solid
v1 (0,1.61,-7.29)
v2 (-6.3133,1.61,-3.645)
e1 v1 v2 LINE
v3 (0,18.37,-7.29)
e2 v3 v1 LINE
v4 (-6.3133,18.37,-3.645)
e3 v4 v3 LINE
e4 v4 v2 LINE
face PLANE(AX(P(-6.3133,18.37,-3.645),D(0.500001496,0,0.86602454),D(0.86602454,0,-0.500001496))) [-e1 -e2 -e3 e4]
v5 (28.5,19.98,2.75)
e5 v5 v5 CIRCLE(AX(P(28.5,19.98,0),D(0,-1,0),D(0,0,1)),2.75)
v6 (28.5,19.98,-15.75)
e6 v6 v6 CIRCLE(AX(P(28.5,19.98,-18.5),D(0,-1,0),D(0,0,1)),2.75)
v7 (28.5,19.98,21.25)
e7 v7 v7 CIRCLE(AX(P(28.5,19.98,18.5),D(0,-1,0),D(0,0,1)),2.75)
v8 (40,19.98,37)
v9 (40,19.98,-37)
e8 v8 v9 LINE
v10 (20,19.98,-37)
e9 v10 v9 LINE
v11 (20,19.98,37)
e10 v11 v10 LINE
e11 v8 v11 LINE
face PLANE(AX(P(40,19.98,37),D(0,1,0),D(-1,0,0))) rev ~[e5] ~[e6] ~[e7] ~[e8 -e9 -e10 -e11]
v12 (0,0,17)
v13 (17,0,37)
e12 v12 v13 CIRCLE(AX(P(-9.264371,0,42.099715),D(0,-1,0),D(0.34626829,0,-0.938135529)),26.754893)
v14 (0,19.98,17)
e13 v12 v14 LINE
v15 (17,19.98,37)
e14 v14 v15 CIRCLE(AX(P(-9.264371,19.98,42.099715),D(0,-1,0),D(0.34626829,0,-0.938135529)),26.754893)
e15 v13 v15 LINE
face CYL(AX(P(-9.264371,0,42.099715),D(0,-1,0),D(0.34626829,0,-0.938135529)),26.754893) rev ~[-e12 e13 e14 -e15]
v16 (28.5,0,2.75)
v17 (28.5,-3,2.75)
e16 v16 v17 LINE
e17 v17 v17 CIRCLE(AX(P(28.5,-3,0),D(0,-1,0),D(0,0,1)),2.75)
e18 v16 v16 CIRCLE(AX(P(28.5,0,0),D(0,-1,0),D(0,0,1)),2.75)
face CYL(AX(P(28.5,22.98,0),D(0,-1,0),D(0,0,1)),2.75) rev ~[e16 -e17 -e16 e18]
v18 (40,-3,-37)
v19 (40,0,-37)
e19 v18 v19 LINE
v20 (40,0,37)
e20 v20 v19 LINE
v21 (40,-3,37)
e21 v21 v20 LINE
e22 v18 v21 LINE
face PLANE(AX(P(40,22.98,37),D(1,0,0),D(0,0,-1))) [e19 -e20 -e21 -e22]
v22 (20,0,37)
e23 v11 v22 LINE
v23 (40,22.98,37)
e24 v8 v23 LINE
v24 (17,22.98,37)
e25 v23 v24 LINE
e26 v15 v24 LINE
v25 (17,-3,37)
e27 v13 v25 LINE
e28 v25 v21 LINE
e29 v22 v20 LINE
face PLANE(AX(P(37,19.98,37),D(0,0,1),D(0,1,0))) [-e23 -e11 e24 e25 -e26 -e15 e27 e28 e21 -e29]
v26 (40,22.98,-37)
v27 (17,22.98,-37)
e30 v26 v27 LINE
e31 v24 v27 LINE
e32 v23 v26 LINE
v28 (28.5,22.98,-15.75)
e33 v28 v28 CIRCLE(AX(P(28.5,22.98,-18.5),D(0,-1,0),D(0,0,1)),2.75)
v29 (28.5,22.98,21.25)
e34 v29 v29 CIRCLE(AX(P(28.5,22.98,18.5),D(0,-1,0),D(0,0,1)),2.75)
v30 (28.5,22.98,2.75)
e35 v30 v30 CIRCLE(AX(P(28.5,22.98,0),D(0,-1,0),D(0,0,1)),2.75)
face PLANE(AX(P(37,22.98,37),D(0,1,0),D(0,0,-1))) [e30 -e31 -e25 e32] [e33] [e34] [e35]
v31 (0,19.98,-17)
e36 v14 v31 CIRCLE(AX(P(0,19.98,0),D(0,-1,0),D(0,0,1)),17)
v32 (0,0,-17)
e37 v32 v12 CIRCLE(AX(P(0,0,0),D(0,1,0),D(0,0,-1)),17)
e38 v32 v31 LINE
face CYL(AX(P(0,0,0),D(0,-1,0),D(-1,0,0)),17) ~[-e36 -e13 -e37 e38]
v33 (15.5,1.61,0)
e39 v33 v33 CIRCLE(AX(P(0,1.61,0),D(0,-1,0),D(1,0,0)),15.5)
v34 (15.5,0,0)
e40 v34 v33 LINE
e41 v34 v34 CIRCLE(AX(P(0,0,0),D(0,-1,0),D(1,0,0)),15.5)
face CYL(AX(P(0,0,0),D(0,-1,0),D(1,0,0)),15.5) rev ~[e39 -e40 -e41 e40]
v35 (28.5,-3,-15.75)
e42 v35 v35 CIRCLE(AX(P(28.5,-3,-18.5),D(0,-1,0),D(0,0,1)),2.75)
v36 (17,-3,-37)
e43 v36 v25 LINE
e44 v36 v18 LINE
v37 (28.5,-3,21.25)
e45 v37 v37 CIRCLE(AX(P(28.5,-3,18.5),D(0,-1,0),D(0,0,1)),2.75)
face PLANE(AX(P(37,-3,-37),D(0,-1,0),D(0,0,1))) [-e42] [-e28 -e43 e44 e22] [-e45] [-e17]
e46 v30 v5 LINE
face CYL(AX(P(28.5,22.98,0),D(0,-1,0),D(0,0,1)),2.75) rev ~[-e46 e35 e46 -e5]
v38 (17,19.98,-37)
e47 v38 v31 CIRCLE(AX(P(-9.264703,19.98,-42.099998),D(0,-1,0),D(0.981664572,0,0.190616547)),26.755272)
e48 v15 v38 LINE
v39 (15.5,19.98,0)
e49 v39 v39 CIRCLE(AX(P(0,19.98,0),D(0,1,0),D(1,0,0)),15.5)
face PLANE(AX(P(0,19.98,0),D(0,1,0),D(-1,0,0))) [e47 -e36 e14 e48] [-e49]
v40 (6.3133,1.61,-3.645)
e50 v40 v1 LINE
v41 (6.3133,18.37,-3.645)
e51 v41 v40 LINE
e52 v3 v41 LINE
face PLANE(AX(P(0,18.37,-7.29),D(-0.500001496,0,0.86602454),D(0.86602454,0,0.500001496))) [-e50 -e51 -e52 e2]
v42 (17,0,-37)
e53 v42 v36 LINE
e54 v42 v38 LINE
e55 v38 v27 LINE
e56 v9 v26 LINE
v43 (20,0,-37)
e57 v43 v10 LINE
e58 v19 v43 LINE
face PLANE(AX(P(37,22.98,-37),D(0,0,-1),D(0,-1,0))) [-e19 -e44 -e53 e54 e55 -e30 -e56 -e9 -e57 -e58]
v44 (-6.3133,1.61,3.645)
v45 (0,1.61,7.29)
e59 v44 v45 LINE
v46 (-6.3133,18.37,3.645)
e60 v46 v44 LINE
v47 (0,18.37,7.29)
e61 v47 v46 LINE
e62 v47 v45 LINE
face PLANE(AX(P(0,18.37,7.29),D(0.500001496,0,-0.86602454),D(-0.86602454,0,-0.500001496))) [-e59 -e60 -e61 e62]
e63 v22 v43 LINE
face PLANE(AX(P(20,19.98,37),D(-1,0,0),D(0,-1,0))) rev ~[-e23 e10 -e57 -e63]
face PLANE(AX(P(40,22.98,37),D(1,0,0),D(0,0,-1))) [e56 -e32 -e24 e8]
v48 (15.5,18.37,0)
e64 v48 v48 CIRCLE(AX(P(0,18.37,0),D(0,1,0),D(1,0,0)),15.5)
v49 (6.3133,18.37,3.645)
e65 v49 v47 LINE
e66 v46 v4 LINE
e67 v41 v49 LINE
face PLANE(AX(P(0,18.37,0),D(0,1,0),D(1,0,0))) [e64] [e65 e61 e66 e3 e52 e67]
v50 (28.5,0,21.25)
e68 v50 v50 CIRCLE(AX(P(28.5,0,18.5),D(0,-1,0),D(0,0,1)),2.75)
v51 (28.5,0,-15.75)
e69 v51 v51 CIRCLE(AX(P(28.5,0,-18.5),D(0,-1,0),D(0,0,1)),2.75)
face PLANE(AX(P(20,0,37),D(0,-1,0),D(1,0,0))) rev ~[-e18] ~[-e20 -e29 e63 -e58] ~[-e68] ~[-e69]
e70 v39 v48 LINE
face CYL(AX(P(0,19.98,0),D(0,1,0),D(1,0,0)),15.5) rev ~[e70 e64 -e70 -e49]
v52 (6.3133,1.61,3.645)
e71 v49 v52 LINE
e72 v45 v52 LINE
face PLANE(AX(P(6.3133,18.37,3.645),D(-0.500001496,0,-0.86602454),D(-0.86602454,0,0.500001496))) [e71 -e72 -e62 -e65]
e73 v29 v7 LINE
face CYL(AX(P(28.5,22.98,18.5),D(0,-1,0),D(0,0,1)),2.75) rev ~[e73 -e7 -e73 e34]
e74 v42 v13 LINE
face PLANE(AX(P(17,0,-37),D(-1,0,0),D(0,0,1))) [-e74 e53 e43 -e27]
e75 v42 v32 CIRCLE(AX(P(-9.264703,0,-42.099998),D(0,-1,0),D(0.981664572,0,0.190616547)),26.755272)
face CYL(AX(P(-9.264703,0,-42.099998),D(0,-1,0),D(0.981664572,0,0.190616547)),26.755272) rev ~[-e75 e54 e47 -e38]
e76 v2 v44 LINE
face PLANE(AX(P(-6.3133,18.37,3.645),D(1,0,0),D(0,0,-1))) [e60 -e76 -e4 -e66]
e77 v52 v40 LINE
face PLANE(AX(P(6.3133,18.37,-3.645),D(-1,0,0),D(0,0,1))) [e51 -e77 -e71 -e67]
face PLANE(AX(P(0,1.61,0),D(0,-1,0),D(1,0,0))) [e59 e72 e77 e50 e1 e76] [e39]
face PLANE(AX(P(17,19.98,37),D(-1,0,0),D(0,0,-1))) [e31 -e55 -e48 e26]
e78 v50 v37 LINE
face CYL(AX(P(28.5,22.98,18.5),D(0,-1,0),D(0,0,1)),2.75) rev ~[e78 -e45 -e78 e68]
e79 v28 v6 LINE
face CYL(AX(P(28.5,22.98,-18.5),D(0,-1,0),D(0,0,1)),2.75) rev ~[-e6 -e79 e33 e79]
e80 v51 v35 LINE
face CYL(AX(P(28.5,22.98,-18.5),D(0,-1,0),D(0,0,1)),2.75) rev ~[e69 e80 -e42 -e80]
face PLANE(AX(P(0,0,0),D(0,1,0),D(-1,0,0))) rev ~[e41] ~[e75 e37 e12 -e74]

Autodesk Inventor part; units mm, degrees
ref_plane "YZ Plane" through (0, 0, 0) normal (1, 0, 0) x (0, 1, 0)
ref_plane "XZ Plane" through (0, 0, 0) normal (0, 1, 0) x (-1, 0, 0)
ref_plane "XY Plane" through (0, 0, 0) normal (0, 0, 1) x (1, 0, 0)
sketch "Sketch1" plane through (0, 0, 0) normal (0, 1, 0) x (-1, 0, 0)
  circle A0 centre (0, 0) radius 17
  dimension "d6" = 34
extrude "Extrusion1" add sketch "Sketch1" along normal blind 19.98
sketch "Sketch2" plane through (0, 19.98, 0) normal (0, 1, 0) x (1, 0, 0)
  circle A0 centre (0, 0) radius 15.5
  dimension "d9" = 31
extrude "Extrusion2" cut sketch "Sketch2" against normal blind 1.61
sketch "Sketch4" plane through (0, 0, 0) normal (0, -1, 0) x (1, 0, 0)
  circle A0 centre (0, 0) radius 15.5
  dimension "d15" = 31
extrude "Extrusion4" cut sketch "Sketch4" against normal blind 1.61
sketch "Sketch5" plane through (0, 0, 0) normal (0, -1, 0) x (1, 0, 0)
  circle A0 centre (0, 0) radius 17 projected
  line L0 (17, 0) -> (17, 17)
  line L1 (17, 17) -> (17, 37)
  line L2 (17, 0) -> (17, -17)
  line L3 (17, -17) -> (17, -37)
  line L4 (17, 37) -> (37, 37)
  line L5 (37, 37) -> (37, -37)
  line L6 (37, -37) -> (17, -37)
  arc A1 (0, 17) -> (17, 37) centre (-9.2645, 42.0999) ccw
  circle A2 centre (0, 0) radius 14.285 projected
  arc A3 (17, -37) -> (0, -17) centre (-9.2645, -42.0999) ccw
  point P0 (0, -17)
  dimension "d18" = 20
  dimension "d19" = 20
  dimension "d20" = 20
extrude "Extrusion5" add sketch "Sketch5" against normal blind 19.98 contours L2 L3 A3 A0 | A0 A1 L1 L0 | L0 L1 L4 L5 L6 L3 L2
sketch "Sketch7" plane through (0, 19.98, 0) normal (0, 1, 0) x (1, 0, 0)
  arc A0 (0, 17) -> (17, 37) centre (-9.2645, 42.0999) ccw projected
  line L0 (37, -37) -> (37, 37) projected
  line L1 (17, 37) -> (37, 37)
  line L2 (37, 37) -> (37, -37)
  line L3 (37, -37) -> (17, -37)
  line L4 (17, -37) -> (17, 37)
  point P0 (0, 0)
extrude "Extrusion6" add sketch "Sketch7" along normal blind 3
sketch "Sketch9" plane through (0, 0, 0) normal (0, -1, 0) x (1, 0, 0)
  line L0 (17, 37) -> (37, 37) projected
  line L1 (17, -37) -> (17, 37) projected
  line L2 (37, 37) -> (17, 37)
  line L3 (17, 37) -> (17, -37)
  line L4 (17, -37) -> (37, -37)
  line L5 (37, -37) -> (37, 37)
  point P0 (0, 0)
extrude "Extrusion7" add sketch "Sketch9" along normal blind 3
sketch "Sketch11" plane through (37, 22.98, 37) normal (1, 0, 0) x (0, 0, -1)
  line L0 (0, -3) -> (0, 0) projected
  line L1 (74, -22.98) -> (74, -25.98) projected
  line L2 (0, 0) -> (74, 0)
  line L3 (74, 0) -> (74, -25.98)
  line L4 (74, -25.98) -> (0, -25.98)
  line L5 (0, -25.98) -> (0, 0)
  point P0 (37, -22.98)
extrude "Extrusion8" add sketch "Sketch11" along normal blind 3
sketch "Sketch12" plane through (17, 19.98, 37) normal (0, 0, 1) x (1, 0, 0)
  line L0 (23, -22.98) -> (23, 3) projected
  line L1 (23, 0) -> (3, 0)
  line L2 (3, 0) -> (3, -19.98)
  line L3 (3, -19.98) -> (23, -19.98)
  line L4 (23, -19.98) -> (23, 0)
  line L5 (0, 3) -> (23, 3) projected
  line L6 (0, -19.98) -> (0, 0) projected
  line L7 (0, -22.98) -> (23, -22.98) projected
  point P0 (-17, -19.98)
  point P1 (23, -19.98)
  dimension "d29" = 3
  dimension "d30" = 3
  dimension "d31" = 3
extrude "Extrusion9" cut sketch "Sketch12" against normal through all
sketch "Sketch13" plane through (0, 18.37, 0) normal (0, 1, 0) x (1, 0, 0)
  line L0 (0, 7.29) -> (6.3133, 3.645)
  line L1 (6.3133, 3.645) -> (6.3133, -3.645)
  line L2 (6.3133, -3.645) -> (0, -7.29)
  line L3 (0, -7.29) -> (-6.3133, -3.645)
  line L4 (-6.3133, -3.645) -> (-6.3133, 3.645)
  line L5 (-6.3133, 3.645) -> (0, 7.29)
  point P0 (0, 0)
  point P1 (0, 0)
extrude "Extrusion10" cut sketch "Sketch13" against normal through all
sketch "Sketch14" plane through (0, 22.98, 0) normal (0, 1, 0) x (1, 0, 0)
  line L0 (40, 37) -> (40, -37) projected
  line L1 (17, -37) -> (40, -37) projected
  point P0 (0, 0)
  point P1 (28.5, 0)
  dimension "d37" = 11.5
  dimension "d38" = 37
hole "Hole1" at (28.5, 22.98, 0) direction (0, -1, 0) diameter 5.5 end through all clearance for "Flat Head Machine Screw" size "M5" standard "Ansi Metric M Profile"
sketch "Sketch15" plane through (0, 22.98, 0) normal (0, 1, 0) x (1, 0, 0)
  circle A0 centre (28.5, -18.5) radius 3.0917
  circle A1 centre (28.5, 18.5) radius 2.226
  line L0 (17, 37) -> (40, 37) projected
  line L1 (17, -37) -> (40, -37) projected
  point P0 (0, 0)
  point P1 (28.5, 37)
  dimension "d47" = 18.5
  dimension "d48" = 18.5
hole "Hole2" at (28.5, 22.98, 18.5) at (28.5, 22.98, -18.5) direction (0, -1, 0) diameter 5.5 end through all clearance for "Flat Head Machine Screw" size "M5" standard "Ansi Metric M Profile"
properties part number "CH-1-01-BearingBracket"
